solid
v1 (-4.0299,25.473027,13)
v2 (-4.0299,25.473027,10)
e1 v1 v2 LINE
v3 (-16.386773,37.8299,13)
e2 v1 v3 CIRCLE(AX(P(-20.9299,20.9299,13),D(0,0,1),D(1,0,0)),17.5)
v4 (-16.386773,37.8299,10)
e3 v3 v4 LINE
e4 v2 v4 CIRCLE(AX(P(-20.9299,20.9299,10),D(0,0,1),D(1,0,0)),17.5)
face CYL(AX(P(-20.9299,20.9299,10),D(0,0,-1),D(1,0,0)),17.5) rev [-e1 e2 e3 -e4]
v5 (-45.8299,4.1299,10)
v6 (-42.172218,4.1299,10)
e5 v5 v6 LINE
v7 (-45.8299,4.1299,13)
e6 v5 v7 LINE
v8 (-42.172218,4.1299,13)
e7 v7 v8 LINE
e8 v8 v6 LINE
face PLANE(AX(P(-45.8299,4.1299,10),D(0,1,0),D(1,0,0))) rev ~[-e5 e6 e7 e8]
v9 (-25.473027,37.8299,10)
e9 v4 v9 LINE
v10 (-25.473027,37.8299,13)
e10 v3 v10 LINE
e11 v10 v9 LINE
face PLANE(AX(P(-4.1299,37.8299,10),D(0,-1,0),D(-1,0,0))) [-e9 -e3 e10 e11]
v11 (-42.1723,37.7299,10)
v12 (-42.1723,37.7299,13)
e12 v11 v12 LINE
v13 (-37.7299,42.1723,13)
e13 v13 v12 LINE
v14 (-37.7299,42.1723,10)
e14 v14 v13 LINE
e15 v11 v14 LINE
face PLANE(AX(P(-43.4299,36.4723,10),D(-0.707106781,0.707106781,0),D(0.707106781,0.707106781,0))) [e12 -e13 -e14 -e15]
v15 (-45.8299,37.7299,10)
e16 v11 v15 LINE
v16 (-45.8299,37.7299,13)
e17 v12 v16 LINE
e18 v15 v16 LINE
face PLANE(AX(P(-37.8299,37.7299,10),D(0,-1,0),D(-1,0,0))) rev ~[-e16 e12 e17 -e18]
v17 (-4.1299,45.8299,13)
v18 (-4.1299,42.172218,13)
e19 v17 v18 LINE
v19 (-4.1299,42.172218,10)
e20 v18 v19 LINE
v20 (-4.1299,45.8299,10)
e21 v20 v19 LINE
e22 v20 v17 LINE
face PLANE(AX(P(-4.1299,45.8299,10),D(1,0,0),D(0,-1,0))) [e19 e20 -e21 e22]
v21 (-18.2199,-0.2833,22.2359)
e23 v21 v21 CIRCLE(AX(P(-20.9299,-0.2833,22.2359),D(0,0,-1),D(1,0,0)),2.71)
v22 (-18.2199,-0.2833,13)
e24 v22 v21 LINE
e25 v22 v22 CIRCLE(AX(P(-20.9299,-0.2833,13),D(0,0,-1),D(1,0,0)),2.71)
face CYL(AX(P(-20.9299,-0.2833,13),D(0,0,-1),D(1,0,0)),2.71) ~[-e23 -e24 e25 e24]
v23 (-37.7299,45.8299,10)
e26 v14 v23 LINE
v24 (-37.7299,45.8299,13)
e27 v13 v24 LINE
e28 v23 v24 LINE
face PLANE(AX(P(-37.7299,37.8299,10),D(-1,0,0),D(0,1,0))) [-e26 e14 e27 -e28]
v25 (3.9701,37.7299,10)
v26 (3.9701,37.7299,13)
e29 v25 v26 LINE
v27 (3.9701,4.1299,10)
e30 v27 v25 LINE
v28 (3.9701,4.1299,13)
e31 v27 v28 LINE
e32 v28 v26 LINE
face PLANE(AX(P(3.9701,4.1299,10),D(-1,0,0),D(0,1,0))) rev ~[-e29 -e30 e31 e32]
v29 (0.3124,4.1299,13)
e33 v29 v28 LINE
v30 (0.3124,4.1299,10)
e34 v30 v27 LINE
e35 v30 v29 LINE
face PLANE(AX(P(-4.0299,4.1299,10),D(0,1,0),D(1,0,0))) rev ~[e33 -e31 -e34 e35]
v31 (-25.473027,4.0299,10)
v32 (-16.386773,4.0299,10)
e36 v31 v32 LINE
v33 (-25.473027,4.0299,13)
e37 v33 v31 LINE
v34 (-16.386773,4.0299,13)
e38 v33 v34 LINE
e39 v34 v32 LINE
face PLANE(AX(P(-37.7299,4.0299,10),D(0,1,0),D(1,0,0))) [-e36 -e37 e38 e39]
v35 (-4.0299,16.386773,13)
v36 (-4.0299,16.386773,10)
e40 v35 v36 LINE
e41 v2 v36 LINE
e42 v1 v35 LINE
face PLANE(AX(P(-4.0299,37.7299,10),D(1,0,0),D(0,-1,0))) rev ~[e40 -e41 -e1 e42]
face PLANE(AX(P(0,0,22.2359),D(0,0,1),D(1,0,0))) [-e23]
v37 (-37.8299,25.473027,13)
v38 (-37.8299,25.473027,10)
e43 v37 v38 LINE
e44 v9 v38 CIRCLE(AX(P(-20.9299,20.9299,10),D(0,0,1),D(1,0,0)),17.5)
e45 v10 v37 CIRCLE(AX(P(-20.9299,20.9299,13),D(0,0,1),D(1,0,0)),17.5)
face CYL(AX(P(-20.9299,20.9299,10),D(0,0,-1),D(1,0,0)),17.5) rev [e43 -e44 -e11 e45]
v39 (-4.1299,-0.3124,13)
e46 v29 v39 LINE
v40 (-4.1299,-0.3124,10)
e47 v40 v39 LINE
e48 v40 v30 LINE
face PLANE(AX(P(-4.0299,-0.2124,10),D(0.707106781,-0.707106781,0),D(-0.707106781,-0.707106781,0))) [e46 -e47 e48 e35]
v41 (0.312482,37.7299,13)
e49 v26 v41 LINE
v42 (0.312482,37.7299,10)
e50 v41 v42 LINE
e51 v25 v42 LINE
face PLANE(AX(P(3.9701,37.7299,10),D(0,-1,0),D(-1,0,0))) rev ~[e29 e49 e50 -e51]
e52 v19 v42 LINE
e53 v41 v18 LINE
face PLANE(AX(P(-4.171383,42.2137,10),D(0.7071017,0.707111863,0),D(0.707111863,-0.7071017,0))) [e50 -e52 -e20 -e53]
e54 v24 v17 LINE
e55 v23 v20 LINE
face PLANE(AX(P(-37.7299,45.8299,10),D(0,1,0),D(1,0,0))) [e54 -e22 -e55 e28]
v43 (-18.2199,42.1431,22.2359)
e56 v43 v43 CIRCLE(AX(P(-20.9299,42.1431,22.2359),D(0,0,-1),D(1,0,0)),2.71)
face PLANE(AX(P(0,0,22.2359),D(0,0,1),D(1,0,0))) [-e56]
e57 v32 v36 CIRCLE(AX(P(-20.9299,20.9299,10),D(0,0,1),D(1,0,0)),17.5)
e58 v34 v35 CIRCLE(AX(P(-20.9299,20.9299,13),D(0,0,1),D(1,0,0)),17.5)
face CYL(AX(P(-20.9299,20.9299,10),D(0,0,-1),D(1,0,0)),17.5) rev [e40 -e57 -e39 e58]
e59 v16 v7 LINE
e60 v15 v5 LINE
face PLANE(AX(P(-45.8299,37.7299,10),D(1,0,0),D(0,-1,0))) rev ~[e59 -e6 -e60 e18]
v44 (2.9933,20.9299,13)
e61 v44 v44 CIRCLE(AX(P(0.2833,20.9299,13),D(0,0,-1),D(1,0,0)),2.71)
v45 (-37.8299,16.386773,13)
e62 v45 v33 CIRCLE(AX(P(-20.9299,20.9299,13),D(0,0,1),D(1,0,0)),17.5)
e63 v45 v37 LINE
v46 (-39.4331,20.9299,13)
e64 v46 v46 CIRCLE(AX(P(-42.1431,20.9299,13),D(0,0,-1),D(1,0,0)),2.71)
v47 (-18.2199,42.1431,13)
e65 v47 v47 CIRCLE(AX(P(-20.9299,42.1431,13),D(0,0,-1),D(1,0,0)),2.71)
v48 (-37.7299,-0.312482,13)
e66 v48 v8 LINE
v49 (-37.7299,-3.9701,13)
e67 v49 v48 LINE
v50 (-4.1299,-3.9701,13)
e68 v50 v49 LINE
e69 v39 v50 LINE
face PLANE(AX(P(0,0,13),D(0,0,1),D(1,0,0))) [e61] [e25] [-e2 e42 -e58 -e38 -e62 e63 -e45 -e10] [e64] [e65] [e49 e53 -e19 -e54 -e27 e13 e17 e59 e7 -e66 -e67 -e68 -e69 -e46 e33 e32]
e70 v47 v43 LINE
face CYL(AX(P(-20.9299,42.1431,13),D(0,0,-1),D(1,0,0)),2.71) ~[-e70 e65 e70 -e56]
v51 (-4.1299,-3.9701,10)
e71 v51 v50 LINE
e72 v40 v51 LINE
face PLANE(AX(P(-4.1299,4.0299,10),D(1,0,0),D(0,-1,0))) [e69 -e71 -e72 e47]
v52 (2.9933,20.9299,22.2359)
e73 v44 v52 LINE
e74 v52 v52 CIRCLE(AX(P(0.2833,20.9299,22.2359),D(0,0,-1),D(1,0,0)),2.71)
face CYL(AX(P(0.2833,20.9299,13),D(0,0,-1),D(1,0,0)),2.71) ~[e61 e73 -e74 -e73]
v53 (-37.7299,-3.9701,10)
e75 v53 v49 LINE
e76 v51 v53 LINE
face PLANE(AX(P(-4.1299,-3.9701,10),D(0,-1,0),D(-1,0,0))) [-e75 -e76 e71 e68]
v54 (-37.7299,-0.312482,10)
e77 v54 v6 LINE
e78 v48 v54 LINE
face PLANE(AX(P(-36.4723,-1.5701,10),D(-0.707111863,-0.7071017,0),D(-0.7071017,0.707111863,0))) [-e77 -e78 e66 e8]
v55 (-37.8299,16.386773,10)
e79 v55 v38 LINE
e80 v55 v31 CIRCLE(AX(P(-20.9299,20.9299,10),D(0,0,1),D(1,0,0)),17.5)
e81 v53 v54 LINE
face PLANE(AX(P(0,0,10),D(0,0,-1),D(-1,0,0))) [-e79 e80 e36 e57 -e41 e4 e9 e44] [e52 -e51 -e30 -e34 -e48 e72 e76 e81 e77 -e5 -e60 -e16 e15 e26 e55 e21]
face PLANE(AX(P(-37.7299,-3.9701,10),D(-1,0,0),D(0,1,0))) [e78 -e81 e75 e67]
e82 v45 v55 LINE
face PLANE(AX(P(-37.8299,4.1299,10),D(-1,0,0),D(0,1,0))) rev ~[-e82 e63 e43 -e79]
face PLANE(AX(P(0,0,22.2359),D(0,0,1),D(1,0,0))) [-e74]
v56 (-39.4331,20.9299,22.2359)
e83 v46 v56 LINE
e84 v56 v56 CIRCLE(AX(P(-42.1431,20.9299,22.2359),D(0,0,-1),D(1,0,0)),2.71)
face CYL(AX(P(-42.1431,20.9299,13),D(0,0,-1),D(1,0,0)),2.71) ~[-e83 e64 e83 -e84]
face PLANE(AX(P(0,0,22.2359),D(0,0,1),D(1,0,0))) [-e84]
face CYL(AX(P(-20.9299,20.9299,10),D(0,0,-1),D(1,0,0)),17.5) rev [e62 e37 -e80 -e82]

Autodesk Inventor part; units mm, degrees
ref_plane "YZ Plane" through (0, 0, 0) normal (1, 0, 0) x (0, 1, 0)
ref_plane "XZ Plane" through (0, 0, 0) normal (0, 1, 0) x (-1, 0, 0)
ref_plane "Work Plane1" through (0, 0, 10) normal (0, 0, 1) x (1, 0, 0)
sketch "Sketch1" plane through (0, 0, 10) normal (0, 0, 1) x (1, 0, 0)
  line L0 (-4.0299, -0.3538) -> (-2.2322, 1.4439) construction
  arc A0 (-1.4439, 2.2322) -> (-2.2322, 1.4439) centre (-0.9299, 0.9299) ccw construction
  line L1 (-1.4439, 2.2322) -> (0.3538, 4.0299) construction
  line L2 (-37.8299, 42.8299) -> (-37.8299, 37.8299) construction
  line L3 (-37.8299, 37.8299) -> (-42.9208, 37.8299) construction
  line L4 (-37.8299, 42.2137) -> (-37.8299, 45.8299) construction
  line L5 (-37.8299, 45.8299) -> (-4.0299, 45.8299) construction
  line L6 (-4.0299, 45.8299) -> (-4.0299, 42.2137) construction
  line L7 (-4.0299, 4.0299) -> (0.3538, 4.0299) projected
  circle A1 centre (-20.9299, 20.9299) radius 17.5 projected
  line L8 (-20.9299, 58.9723) -> (17.1124, 20.9299) construction
  line L9 (17.1124, 20.9299) -> (-20.9299, -17.1124) construction
  line L10 (-20.9299, -17.1124) -> (-58.9723, 20.9299) construction
  line L11 (-58.9723, 20.9299) -> (-20.9299, 58.9723) construction
  line L12 (-20.9299, 58.9723) -> (-20.9299, -17.1124) construction
  line L13 (17.1124, 20.9299) -> (-58.9723, 20.9299) construction
  line L14 (-20.9299, 58.9723) -> (32.8701, 58.9723) construction
  line L15 (-43.4299, 43.4299) -> (1.5701, 43.4299) construction
  line L16 (1.5701, 43.4299) -> (1.5701, -1.5701) construction
  line L17 (1.5701, -1.5701) -> (-43.4299, -1.5701) construction
  line L18 (-43.4299, -1.5701) -> (-43.4299, 43.4299) construction
  line L19 (-43.4299, 43.4299) -> (1.5701, -1.5701) construction
  line L20 (1.5701, 43.4299) -> (-43.4299, -1.5701) construction
  line L21 (-43.4299, 5.3876) -> (-43.4299, 36.4723)
  line L22 (-43.4299, 36.4723) -> (-36.4723, 43.4299)
  line L23 (-36.4723, 43.4299) -> (-5.3876, 43.4299)
  line L24 (-5.3876, 43.4299) -> (1.5701, 36.4723)
  line L25 (1.5701, 36.4723) -> (1.5701, 5.3876)
  line L26 (1.5701, 5.3876) -> (-5.3876, -1.5701)
  line L27 (-5.3876, -1.5701) -> (-36.4723, -1.5701)
  line L28 (-36.4723, -1.5701) -> (-43.4299, 5.3876)
  line L29 (-4.0299, 42.2137) -> (-37.8299, 42.2137) projected
  line L30 (-4.0299, -0.3538) -> (-4.0299, 4.0299) projected
  point P0 (-37.8299, 4.0299)
  point P1 (-20.9299, 20.9299)
  dimension "d18" = 53.8
  dimension "d19" = 45
  dimension "d20" = 53.8
  dimension "d21" = 45
  dimension "d22" = 45
extrude "Extrusion1" add sketch "Sketch1" along normal blind 3
sketch "Sketch2" plane through (0, 0, 13) normal (0, 0, 1) x (1, 0, 0)
  circle A0 centre (-35.9299, 35.9299) radius 3.0099 construction
  circle A1 centre (-5.93, 35.9299) radius 3.0099 construction
  circle A2 centre (-5.93, 5.93) radius 3.0099 construction
  circle A3 centre (-35.9299, 5.93) radius 3.0099 construction
  circle A4 centre (-35.9299, 35.9299) radius 2.7099
  circle A5 centre (-5.93, 35.9299) radius 2.7099
  circle A6 centre (-5.93, 5.93) radius 2.7099
  circle A7 centre (-35.9299, 5.93) radius 2.7099
  circle A8 centre (-20.9299, 20.9299) radius 17.5 projected
  line L0 (-20.9299, 42.1431) -> (0.2833, 20.9299)
  line L1 (0.2833, 20.9299) -> (-20.9299, -0.2833)
  line L2 (-20.9299, -0.2833) -> (-42.1431, 20.9299)
  line L3 (-42.1431, 20.9299) -> (-20.9299, 42.1431)
  line L4 (-20.9299, 42.1431) -> (-20.9299, -0.2833) construction
  line L5 (0.2833, 20.9299) -> (-42.1431, 20.9299) construction
  line L6 (-20.9299, 42.1431) -> (9.0701, 42.1431) construction
  circle A9 centre (-20.9299, 42.1431) radius 2.71
  circle A10 centre (0.2833, 20.9299) radius 2.71
  circle A11 centre (-20.9299, -0.2833) radius 2.71
  circle A12 centre (-42.1431, 20.9299) radius 2.71
  point P0 (0, 0)
  dimension "d_1" = 0.3
  dimension "d13" = 0.3
  dimension "d14" = 0.3
  dimension "d15" = 0.3
  dimension "d30" = 30
  dimension "d31" = 45
  dimension "d32" = 30
  dimension "a1" = 5.42
  dimension "d34" = 5.42
  dimension "d35" = 5.42
  dimension "d36" = 5.42
ref_plane "Work Plane2" through (-40.9959, 0.8639, 22.2359) normal (0, 0, 1) x (1, 0, 0)
extrude "Extrusion2" add sketch "Sketch2" along normal up to surface (9.2359 mm away) contours A10 L1 L0 | L0 L1 A10 | A9 L3 L0 | L0 L3 A9 | A11 L2 L1 | L1 L2 A11 | A12 L2 L3 | L3 L2 A12
sketch "Sketch3" plane through (0, 0, 10) normal (0, 0, -1) x (-1, 0, 0)
  line L0 (37.8299, -0.4701) -> (37.8299, 4.0299) construction
  line L1 (4.0299, 4.0299) -> (4.0299, -0.4701) construction
  line L2 (37.8299, -0.4701) -> (37.8299, 1.1886) construction
  line L3 (4.0299, -3.9701) -> (4.0299, -0.3538) construction
  line L4 (45.8299, 4.0299) -> (42.2137, 4.0299) construction
  line L5 (-0.3538, 4.0299) -> (-3.9701, 4.0299) construction
  line L6 (-3.9701, 37.8299) -> (-0.3538, 37.8299) construction
  line L7 (4.0299, 42.2137) -> (4.0299, 45.8299) construction
  line L8 (37.8299, 45.8299) -> (37.8299, 42.2137) construction
  line L9 (42.2137, 37.8299) -> (45.8299, 37.8299) construction
  line L10 (37.8299, 37.7299) -> (45.8299, 37.7299)
  line L11 (45.8299, 37.7299) -> (45.8299, 4.1299)
  line L12 (45.8299, 4.1299) -> (37.8299, 4.1299)
  line L13 (37.8299, 4.1299) -> (37.8299, 37.7299)
  line L14 (37.7299, 4.0299) -> (4.1299, 4.0299)
  line L15 (4.1299, 4.0299) -> (4.1299, -3.9701)
  line L16 (4.1299, -3.9701) -> (37.7299, -3.9701)
  line L17 (37.7299, -3.9701) -> (37.7299, 4.0299)
  line L18 (4.0299, 4.1299) -> (-3.9701, 4.1299)
  line L19 (-3.9701, 4.1299) -> (-3.9701, 37.7299)
  line L20 (-3.9701, 37.7299) -> (4.0299, 37.7299)
  line L21 (4.0299, 37.7299) -> (4.0299, 4.1299)
  line L22 (4.1299, 37.8299) -> (37.7299, 37.8299)
  line L23 (37.7299, 37.8299) -> (37.7299, 45.8299)
  line L24 (37.7299, 45.8299) -> (4.1299, 45.8299)
  line L25 (4.1299, 45.8299) -> (4.1299, 37.8299)
  point P0 (0, 0)
  dimension "d23" = 0.1
  dimension "d24" = 0.1
  dimension "d25" = 0.1
  dimension "d26" = 0.1
  dimension "d27" = 0.1
extrude "Extrusion3" add sketch "Sketch3" against normal up to surface (3 mm away)
equation "\"d13\" = d_1"
equation "\"d14\" = d_1"
equation "\"d15\" = d_1"
equation "\"d34\" = a1"
equation "\"d35\" = a1"
equation "\"d36\" = a1"
properties part number "50_Cube_Insert_Thorlabs"
